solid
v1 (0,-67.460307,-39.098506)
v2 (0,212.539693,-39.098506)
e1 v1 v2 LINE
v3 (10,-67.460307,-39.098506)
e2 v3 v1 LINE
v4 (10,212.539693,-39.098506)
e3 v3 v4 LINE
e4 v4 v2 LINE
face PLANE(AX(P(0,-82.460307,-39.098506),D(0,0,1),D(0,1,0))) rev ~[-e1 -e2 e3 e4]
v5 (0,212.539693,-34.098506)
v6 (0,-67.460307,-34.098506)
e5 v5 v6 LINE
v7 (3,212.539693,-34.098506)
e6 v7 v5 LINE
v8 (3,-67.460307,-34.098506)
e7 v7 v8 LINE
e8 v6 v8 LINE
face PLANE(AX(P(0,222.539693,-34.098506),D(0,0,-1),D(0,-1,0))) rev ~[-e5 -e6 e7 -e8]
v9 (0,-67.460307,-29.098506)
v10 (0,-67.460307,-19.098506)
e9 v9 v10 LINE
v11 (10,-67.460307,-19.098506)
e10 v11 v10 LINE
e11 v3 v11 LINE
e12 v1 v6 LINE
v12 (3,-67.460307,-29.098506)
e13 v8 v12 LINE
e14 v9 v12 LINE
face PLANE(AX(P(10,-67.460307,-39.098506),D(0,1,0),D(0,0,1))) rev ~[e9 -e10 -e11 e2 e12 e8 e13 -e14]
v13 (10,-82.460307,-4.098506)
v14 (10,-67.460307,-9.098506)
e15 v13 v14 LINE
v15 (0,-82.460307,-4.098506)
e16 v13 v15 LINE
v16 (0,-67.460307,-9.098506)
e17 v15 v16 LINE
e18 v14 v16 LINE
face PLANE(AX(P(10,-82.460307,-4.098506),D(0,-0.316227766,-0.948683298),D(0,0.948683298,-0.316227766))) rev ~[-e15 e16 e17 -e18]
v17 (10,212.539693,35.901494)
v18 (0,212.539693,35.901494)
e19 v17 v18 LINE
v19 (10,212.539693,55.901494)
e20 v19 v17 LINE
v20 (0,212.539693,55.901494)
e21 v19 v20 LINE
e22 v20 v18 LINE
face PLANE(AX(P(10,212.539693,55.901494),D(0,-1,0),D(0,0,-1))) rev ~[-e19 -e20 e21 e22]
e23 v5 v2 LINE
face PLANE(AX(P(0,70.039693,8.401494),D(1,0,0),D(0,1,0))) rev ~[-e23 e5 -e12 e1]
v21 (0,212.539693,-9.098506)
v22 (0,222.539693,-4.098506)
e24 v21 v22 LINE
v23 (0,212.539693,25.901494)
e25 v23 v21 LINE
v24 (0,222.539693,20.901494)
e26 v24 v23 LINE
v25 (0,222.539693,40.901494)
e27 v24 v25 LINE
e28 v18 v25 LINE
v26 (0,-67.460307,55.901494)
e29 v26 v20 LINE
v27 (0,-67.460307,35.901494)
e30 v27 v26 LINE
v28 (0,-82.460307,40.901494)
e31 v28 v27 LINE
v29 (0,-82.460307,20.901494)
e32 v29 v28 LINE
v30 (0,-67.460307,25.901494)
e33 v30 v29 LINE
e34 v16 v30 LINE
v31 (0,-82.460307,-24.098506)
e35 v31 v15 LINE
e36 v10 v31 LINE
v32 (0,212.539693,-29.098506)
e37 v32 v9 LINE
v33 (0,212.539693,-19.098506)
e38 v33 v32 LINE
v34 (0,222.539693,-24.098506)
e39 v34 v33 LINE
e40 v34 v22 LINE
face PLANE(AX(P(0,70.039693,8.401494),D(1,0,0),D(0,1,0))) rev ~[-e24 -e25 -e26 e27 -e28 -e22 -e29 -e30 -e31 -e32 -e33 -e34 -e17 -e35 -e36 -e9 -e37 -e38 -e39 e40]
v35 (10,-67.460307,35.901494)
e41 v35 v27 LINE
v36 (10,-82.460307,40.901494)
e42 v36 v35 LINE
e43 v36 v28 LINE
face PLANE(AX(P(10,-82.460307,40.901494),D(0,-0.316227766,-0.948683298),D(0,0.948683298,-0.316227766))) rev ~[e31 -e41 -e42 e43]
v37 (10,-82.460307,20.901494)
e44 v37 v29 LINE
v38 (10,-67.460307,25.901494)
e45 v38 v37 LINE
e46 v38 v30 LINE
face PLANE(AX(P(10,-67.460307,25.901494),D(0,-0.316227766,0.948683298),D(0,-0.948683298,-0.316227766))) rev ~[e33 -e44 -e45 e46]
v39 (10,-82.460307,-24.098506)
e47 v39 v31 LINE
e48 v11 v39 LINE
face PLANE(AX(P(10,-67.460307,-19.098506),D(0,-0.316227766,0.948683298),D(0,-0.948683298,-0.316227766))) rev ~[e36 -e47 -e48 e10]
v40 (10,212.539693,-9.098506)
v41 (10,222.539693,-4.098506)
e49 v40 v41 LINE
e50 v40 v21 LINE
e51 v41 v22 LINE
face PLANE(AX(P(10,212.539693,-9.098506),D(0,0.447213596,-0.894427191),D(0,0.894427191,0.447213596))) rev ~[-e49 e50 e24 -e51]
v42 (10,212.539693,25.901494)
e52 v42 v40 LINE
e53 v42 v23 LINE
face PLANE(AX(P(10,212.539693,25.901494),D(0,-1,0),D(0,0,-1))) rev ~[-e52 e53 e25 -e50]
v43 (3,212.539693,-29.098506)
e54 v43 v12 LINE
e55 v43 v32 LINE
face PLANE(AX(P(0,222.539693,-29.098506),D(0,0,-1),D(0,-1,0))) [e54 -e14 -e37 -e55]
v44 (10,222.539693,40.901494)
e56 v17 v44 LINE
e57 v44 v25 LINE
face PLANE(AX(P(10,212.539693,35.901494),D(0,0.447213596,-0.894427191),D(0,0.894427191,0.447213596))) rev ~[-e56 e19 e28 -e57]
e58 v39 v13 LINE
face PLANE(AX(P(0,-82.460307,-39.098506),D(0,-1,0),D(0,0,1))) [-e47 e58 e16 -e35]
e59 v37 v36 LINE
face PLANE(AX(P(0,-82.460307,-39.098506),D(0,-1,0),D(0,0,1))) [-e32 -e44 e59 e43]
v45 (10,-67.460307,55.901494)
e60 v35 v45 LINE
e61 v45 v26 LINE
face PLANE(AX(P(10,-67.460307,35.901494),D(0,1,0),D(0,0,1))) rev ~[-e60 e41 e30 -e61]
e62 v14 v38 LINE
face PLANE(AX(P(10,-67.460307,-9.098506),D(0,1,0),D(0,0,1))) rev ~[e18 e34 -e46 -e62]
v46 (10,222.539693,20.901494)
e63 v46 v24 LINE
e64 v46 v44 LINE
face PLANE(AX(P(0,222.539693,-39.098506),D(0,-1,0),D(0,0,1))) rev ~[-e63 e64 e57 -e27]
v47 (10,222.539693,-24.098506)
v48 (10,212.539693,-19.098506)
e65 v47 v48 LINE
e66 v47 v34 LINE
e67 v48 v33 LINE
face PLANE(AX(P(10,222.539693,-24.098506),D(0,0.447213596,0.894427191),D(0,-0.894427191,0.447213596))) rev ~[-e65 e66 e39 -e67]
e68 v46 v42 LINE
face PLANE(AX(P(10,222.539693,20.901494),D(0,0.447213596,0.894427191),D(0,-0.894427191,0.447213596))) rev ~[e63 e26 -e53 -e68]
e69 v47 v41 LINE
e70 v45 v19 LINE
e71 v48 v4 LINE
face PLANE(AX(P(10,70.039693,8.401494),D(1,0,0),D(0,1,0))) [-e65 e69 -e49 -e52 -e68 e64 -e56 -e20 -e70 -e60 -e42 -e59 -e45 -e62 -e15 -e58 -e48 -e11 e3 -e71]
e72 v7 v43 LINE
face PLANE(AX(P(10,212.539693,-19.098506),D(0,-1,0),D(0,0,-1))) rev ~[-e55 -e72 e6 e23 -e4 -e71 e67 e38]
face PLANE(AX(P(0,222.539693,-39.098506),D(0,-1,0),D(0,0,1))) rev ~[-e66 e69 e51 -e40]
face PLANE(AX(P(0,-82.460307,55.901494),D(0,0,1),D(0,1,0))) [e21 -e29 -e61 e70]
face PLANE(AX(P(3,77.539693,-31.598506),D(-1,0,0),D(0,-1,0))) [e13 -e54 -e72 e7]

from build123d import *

# Parameters (mm, degrees)
F0_W     = 305
F0_H     = 95
F1_DEPTH = 10
F3_DEPTH = 25
F4_W     = 290
F4_H     = 5
F5_DEPTH = 3
F7_DEPTH = 25


with BuildPart() as f1:
    # F0 (on Right) → F1 (new body)
    with BuildSketch(Plane.YZ):
        with Locations((70.039693, 8.401494)):
            Rectangle(F0_W, F0_H)
    extrude(amount=F1_DEPTH)

    # F2 (on face) → F3 (cut)
    with BuildSketch(Plane.YZ.offset(10)):
        Polygon((-82.460307, 55.901494), (-82.460307, 40.901494), (-67.460307, 35.901494), (-67.460307, 55.901494), align=None)
        Polygon((-67.460307, 25.901494), (-82.460307, 20.901494), (-82.460307, -4.098506), (-67.460307, -9.098506), align=None)
        Polygon((-67.460307, -19.098506), (-82.460307, -24.098506), (-82.460307, -39.098506), (-67.460307, -39.098506), align=None)
    extrude(amount=-F3_DEPTH, mode=Mode.SUBTRACT)

    # F4 (on face) → F5 (cut)
    with BuildSketch(Plane(origin=(0, 0, 0), x_dir=(0, -1, 0), z_dir=(-1, 0, 0))):
        with Locations((-77.539693, -31.598506)):
            Rectangle(F4_W, F4_H)
    extrude(amount=-F5_DEPTH, mode=Mode.SUBTRACT)

    # F6 (on face) → F7 (cut)
    with BuildSketch(Plane.YZ.offset(10)):
        Polygon((212.539693, 35.901494), (222.539693, 40.901494), (222.539693, 55.901494), (212.539693, 55.901494), align=None)
        Polygon((222.539693, -4.098506), (222.539693, 20.901494), (212.539693, 25.901494), (212.539693, -9.098506), align=None)
        Polygon((222.539693, -39.098506), (222.539693, -24.098506), (212.539693, -19.098506), (212.539693, -39.098506), align=None)
    extrude(amount=-F7_DEPTH, mode=Mode.SUBTRACT)


solid = f1.part
